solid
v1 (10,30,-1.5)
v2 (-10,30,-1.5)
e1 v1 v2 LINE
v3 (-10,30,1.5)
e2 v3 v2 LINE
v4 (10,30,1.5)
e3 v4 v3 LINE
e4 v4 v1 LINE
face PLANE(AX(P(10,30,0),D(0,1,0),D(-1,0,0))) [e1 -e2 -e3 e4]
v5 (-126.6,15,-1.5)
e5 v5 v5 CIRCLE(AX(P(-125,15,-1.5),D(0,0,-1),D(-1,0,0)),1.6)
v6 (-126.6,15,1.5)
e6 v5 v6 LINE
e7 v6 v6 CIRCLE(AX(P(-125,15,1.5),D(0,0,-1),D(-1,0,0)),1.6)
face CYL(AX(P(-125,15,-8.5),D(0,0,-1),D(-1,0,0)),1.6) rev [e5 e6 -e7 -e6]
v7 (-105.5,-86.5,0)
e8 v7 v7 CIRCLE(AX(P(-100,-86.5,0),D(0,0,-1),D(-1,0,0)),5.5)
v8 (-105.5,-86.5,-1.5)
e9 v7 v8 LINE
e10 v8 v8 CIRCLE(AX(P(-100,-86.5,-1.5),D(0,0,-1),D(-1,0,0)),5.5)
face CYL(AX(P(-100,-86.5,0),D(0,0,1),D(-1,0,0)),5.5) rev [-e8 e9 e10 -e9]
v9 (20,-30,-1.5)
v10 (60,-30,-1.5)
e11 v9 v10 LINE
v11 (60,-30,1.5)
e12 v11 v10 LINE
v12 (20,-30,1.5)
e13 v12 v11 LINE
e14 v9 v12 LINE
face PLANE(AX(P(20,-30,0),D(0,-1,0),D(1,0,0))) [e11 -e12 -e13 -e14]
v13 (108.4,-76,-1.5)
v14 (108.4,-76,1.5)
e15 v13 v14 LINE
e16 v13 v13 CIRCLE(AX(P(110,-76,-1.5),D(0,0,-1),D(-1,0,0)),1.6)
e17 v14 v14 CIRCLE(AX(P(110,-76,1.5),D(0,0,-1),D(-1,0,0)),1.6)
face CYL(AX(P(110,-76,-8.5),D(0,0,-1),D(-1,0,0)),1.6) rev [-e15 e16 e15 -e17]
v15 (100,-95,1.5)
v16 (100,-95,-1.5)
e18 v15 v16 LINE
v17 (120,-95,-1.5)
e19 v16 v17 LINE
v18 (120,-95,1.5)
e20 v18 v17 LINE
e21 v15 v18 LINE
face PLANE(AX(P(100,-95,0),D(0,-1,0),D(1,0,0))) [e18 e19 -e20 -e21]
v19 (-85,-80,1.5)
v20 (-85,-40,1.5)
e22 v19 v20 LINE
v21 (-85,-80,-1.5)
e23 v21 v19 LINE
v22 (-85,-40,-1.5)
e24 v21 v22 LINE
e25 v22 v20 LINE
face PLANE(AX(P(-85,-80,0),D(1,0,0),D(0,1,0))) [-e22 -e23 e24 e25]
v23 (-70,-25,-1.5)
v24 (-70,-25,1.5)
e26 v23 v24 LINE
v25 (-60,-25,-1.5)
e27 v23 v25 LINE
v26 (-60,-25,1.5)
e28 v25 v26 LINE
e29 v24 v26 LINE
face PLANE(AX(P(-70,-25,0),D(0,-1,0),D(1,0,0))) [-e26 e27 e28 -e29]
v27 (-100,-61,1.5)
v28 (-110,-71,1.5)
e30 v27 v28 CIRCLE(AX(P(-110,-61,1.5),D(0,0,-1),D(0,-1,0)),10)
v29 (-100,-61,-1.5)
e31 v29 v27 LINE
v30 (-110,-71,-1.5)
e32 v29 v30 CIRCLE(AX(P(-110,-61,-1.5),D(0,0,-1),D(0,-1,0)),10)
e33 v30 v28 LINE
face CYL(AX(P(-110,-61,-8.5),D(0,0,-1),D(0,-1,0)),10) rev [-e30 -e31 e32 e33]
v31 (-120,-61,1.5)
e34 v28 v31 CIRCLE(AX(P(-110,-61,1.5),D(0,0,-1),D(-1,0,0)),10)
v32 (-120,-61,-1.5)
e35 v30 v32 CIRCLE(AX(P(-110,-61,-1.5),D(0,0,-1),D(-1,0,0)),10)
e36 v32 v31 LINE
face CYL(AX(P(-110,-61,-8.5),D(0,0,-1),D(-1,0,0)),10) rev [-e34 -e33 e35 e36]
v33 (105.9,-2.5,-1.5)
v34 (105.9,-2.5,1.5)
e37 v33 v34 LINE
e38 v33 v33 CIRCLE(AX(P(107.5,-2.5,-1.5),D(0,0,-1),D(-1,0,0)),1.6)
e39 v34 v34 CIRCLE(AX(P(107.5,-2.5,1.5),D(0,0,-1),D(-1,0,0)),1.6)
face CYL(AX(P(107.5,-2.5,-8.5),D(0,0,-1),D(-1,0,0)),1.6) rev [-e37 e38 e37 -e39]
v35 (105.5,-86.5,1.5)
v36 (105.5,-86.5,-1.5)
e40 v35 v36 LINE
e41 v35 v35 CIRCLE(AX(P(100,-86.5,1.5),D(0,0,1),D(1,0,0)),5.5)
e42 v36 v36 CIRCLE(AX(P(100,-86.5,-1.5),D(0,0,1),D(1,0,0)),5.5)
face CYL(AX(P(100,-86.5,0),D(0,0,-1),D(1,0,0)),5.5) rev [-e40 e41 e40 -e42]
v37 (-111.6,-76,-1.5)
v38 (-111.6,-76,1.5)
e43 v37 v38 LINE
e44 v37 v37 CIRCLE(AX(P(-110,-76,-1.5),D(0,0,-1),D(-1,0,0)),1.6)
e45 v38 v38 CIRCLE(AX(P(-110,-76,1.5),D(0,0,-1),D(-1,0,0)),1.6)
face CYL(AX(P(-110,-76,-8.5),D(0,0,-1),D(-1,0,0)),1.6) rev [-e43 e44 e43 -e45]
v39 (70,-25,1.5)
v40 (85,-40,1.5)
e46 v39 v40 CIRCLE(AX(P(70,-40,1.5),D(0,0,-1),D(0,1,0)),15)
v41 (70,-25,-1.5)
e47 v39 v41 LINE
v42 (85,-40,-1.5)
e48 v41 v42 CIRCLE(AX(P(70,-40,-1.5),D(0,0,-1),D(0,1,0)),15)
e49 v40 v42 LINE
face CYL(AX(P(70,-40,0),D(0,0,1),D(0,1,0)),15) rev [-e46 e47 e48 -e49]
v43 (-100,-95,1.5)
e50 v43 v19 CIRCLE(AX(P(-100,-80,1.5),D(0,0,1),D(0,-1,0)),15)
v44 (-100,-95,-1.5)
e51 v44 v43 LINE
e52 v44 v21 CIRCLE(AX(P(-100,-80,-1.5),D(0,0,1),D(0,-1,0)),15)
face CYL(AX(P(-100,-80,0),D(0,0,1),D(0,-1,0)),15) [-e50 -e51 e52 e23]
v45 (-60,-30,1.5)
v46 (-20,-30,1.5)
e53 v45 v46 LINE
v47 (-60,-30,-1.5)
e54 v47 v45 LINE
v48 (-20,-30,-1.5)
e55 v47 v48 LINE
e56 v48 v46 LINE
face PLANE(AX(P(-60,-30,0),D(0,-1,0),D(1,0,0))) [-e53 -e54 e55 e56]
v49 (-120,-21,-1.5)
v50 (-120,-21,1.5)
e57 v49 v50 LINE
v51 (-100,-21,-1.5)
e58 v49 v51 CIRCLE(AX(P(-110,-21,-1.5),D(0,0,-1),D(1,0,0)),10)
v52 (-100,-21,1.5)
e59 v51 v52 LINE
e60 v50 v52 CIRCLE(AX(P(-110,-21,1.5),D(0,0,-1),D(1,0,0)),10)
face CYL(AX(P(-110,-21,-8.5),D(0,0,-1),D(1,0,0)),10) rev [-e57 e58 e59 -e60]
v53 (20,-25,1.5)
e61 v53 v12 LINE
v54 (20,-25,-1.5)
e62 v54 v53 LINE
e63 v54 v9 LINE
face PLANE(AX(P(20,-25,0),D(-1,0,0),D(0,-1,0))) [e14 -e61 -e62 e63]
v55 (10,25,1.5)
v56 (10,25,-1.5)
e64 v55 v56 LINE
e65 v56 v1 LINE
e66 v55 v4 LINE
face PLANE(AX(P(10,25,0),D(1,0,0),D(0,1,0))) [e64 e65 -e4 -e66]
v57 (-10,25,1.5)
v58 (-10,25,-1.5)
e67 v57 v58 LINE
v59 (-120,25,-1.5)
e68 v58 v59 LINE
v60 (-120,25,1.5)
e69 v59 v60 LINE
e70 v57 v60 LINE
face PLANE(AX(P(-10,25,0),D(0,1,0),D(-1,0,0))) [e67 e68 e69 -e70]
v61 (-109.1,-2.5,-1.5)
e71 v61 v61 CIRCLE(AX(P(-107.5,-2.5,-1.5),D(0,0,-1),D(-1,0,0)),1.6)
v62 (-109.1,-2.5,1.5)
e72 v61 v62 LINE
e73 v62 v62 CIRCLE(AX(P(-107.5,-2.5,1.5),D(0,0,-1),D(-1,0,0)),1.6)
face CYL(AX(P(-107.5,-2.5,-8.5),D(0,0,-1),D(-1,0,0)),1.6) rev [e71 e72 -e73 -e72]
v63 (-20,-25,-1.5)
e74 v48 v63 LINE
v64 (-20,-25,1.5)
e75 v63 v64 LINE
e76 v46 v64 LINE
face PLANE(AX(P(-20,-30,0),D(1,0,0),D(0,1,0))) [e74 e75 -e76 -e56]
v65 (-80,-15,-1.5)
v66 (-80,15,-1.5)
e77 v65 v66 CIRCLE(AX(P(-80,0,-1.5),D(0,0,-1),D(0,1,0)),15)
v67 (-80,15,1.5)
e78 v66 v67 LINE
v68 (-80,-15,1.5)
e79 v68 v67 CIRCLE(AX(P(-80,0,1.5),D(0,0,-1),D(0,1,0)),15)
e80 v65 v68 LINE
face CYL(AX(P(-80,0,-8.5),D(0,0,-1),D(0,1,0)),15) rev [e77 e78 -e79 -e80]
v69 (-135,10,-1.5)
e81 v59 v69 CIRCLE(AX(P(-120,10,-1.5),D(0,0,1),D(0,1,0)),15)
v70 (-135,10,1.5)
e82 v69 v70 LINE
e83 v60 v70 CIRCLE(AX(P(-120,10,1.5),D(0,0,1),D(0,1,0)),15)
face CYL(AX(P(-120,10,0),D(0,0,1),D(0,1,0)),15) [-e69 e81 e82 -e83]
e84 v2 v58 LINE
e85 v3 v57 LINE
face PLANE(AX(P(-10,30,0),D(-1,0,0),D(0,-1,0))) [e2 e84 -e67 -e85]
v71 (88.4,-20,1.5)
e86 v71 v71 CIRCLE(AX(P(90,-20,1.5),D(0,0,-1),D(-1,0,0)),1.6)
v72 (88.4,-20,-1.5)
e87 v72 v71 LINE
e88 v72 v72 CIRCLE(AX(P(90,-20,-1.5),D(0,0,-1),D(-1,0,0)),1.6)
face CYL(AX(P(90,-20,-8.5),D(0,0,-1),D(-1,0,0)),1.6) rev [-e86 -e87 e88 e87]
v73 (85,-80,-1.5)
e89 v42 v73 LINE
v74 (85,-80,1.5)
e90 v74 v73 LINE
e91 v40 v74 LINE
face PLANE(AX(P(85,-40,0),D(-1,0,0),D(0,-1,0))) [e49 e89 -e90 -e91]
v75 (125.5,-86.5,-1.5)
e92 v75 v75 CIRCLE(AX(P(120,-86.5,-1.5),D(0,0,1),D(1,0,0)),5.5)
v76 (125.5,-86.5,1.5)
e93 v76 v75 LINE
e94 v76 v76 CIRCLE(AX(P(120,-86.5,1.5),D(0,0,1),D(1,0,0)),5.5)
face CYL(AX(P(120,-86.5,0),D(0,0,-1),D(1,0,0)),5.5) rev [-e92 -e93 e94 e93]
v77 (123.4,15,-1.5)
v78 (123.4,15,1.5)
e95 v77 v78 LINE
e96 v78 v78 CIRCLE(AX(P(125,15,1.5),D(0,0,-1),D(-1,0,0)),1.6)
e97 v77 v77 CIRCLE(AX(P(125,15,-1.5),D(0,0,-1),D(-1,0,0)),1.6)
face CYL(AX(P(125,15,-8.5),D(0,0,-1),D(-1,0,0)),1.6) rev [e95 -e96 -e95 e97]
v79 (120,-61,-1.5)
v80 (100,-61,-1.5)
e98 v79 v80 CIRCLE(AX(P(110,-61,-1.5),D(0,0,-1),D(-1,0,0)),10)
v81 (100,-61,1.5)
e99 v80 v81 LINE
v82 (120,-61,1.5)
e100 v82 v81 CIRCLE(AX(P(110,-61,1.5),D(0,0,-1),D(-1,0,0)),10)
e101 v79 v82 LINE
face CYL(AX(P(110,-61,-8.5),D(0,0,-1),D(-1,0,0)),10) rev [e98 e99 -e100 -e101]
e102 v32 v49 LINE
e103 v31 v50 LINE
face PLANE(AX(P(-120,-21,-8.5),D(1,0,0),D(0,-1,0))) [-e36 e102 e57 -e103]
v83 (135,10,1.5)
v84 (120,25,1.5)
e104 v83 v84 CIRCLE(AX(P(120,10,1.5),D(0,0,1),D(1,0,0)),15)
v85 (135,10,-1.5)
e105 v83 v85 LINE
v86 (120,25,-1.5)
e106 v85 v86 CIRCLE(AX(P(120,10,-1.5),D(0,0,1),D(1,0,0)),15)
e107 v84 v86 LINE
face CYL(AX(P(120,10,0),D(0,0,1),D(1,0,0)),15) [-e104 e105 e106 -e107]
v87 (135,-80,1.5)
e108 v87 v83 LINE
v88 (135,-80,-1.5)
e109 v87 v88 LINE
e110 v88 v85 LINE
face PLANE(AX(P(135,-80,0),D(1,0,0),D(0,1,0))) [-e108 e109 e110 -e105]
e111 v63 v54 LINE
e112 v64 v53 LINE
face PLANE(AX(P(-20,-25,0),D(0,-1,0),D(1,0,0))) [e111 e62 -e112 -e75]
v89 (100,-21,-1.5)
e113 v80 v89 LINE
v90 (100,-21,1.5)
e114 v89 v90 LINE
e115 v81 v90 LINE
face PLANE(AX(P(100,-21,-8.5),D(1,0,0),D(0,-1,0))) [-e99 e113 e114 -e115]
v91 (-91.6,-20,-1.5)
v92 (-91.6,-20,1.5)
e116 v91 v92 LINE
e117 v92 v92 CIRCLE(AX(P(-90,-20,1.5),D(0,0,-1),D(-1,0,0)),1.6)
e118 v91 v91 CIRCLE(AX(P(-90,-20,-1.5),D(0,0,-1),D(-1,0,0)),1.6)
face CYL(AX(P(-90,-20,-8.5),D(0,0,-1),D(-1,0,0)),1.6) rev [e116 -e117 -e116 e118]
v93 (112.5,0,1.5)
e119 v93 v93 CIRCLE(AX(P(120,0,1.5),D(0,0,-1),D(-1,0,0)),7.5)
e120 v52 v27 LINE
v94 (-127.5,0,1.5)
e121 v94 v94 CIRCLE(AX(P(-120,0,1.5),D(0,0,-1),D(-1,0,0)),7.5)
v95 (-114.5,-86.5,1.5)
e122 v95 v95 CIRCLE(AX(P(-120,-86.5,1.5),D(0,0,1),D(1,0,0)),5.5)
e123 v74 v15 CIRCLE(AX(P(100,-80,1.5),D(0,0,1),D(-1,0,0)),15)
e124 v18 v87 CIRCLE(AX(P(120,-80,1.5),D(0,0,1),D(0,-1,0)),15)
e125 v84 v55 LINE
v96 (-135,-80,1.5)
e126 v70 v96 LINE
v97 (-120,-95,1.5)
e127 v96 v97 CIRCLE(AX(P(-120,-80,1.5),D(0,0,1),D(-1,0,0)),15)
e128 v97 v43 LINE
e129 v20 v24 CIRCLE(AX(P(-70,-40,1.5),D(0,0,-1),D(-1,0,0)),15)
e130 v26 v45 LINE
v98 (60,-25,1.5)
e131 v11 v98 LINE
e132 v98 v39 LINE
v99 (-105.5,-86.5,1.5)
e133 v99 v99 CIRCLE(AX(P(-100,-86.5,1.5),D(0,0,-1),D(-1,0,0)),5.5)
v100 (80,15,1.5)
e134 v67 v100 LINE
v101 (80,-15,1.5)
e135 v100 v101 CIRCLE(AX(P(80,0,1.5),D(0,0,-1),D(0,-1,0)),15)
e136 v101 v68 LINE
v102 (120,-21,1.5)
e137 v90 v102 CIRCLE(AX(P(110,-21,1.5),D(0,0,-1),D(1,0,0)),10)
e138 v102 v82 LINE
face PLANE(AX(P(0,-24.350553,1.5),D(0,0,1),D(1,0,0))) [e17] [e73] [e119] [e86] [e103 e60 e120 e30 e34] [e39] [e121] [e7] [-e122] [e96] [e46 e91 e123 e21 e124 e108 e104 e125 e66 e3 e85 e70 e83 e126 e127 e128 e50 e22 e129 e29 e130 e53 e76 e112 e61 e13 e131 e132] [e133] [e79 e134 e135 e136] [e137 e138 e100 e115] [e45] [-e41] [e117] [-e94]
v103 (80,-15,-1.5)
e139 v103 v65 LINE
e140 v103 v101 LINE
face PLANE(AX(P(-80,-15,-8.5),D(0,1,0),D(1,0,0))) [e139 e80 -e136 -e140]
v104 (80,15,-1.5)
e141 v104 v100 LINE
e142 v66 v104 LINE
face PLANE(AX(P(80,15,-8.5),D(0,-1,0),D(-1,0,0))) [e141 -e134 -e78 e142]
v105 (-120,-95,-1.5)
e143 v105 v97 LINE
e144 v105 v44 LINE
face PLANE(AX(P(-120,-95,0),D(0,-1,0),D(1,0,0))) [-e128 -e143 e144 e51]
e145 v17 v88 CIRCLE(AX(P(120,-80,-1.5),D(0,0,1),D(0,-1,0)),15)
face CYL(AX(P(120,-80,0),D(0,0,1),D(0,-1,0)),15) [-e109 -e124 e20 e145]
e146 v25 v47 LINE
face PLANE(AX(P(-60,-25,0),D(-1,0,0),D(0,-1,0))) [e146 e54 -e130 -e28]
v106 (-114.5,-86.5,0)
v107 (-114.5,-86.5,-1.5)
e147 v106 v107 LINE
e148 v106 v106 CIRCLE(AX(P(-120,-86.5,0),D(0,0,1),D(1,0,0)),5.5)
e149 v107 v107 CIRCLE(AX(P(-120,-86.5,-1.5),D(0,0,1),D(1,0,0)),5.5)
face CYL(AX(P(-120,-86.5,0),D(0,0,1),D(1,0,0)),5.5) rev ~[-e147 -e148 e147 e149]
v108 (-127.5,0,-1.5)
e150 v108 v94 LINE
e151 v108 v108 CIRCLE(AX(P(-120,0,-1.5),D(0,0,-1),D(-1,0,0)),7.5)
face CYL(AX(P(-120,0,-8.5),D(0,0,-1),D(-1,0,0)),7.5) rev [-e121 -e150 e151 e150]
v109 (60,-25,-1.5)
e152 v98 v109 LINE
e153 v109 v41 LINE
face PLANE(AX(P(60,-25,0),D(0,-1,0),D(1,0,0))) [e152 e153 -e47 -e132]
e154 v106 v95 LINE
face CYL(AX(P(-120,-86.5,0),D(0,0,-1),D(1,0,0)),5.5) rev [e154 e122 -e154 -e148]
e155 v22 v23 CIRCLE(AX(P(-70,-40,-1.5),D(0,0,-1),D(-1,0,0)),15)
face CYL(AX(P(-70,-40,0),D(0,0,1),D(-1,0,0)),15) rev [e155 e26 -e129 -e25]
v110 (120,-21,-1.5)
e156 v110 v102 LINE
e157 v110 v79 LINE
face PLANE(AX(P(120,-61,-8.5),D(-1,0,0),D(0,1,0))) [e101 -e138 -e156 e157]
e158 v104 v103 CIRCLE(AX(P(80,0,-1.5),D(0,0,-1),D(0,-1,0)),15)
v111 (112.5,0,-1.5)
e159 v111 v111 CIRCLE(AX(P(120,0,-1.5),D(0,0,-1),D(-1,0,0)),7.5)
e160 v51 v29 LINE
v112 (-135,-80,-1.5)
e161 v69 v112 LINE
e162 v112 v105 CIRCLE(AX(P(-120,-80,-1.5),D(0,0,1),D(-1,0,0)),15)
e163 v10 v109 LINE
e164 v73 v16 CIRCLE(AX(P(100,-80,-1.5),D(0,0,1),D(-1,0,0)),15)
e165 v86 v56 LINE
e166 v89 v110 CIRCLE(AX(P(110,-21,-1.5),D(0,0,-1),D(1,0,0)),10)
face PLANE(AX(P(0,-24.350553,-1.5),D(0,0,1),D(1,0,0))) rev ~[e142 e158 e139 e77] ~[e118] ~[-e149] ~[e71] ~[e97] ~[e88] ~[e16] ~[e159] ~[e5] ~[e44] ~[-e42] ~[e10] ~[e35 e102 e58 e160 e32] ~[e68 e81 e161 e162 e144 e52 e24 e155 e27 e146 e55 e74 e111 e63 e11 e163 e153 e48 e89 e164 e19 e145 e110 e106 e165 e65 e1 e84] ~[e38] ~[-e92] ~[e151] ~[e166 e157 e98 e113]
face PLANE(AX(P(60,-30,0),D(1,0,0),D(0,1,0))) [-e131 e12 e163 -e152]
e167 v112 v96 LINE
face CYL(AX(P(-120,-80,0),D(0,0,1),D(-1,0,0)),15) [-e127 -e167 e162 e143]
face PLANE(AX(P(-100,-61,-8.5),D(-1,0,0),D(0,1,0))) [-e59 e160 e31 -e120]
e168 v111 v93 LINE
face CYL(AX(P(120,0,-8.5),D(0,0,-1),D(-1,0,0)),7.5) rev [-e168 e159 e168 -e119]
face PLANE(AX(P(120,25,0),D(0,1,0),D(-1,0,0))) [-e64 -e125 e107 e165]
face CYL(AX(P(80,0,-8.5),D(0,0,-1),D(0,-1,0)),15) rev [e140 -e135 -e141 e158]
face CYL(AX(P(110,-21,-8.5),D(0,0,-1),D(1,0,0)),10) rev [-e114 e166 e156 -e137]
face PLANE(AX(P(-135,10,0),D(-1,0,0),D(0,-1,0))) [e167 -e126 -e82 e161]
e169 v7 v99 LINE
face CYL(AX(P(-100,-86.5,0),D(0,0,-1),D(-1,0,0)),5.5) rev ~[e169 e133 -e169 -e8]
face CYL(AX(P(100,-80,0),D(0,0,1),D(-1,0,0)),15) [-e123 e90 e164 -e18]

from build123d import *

# Parameters (mm, degrees)
SKETCH_1_R               = 5.5
EXTRUDE_1_DEPTH          = 1.5
CUT_EXTRUDE_1_DEPTH      = 166.102998156
CUT_EXTRUDE_1_DEPTH_BACK = 10
SKETCH_2_R               = 1.6
SKETCH_2_R_2             = 7.5


with BuildPart() as part:
    # 草图1 → 凸台-拉伸1 (new, symmetric)
    with BuildSketch(Plane.XY):
        with BuildLine():
            Line((-10, 25), (-120, 25))
            ThreePointArc((-120, 25), (-130.606601718, 20.606601718), (-135, 10))
            Line((-135, 10), (-135, -35))
            Line((-135, -35), (-135, -80))
            ThreePointArc((-135, -80), (-130.606601718, -90.606601718), (-120, -95))
            Line((-120, -95), (-110, -95))
            Line((-110, -95), (-100, -95))
            ThreePointArc((-100, -95), (-89.393398282, -90.606601718), (-85, -80))
            Line((-85, -80), (-85, -40))
            ThreePointArc((-85, -40), (-80.606601718, -29.393398282), (-70, -25))
            Line((-70, -25), (-60, -25))
            Line((-60, -25), (-60, -30))
            Line((-60, -30), (-45, -30))
            Line((-45, -30), (-20, -30))
            Line((-20, -30), (-20, -25))
            Line((-20, -25), (0, -25))
            Line((0, -25), (20, -25))
            Line((20, -25), (20, -30))
            Line((20, -30), (45, -30))
            Line((45, -30), (60, -30))
            Line((60, -30), (60, -25))
            Line((60, -25), (70, -25))
            ThreePointArc((70, -25), (80.606601718, -29.393398282), (85, -40))
            Line((85, -40), (85, -80))
            ThreePointArc((85, -80), (89.393398282, -90.606601718), (100, -95))
            Line((100, -95), (120, -95))
            ThreePointArc((120, -95), (130.606601718, -90.606601718), (135, -80))
            Line((135, -80), (135, -35))
            Line((135, -35), (135, 10))
            ThreePointArc((135, 10), (130.606601718, 20.606601718), (120, 25))
            Line((120, 25), (10, 25))
            Line((10, 25), (10, 30))
            Line((10, 30), (-10, 30))
            Line((-10, 30), (-10, 25))
        make_face()
        with Locations((-120, -86.5)):
            Circle(SKETCH_1_R, mode=Mode.SUBTRACT)
        with BuildLine():
            ThreePointArc((-94.5, -86.5), (-100, -92), (-105.5, -86.5))
            ThreePointArc((-105.5, -86.5), (-100, -81), (-94.5, -86.5))
        make_face(mode=Mode.SUBTRACT)
        with Locations((100, -86.5)):
            Circle(SKETCH_1_R, mode=Mode.SUBTRACT)
        with Locations((120, -86.5)):
            Circle(SKETCH_1_R, mode=Mode.SUBTRACT)
    extrude(amount=EXTRUDE_1_DEPTH, both=True)

    # 草图2 → 切除-拉伸1 (cut, two sides: drawn at the far end of the back side and taken through both)
    with BuildSketch(Plane.XY.offset(1.5).offset(-CUT_EXTRUDE_1_DEPTH_BACK)):
        with BuildLine():
            Line((80, 15), (-80, 15))
            ThreePointArc((-80, 15), (-95, 0), (-80, -15))
            Line((-80, -15), (80, -15))
            ThreePointArc((80, -15), (95, 0), (80, 15))
        make_face()
        with Locations(Location((-110, -76, 0), (0, 0, 180))):
            Circle(SKETCH_2_R)
        with BuildLine():
            ThreePointArc((-120, -61), (-117.071067812, -68.071067812), (-110, -71))
            ThreePointArc((-110, -71), (-102.928932188, -68.071067812), (-100, -61))
            Line((-100, -61), (-100, -21))
            ThreePointArc((-100, -21), (-110, -11), (-120, -21))
            Line((-120, -21), (-120, -61))
        make_face()
        with Locations(Location((-90, -20, 0), (0, 0, 180))):
            Circle(SKETCH_2_R)
        with BuildLine():
            ThreePointArc((120, -21), (110, -11), (100, -21))
            Line((100, -21), (100, -61))
            ThreePointArc((100, -61), (110, -71), (120, -61))
            Line((120, -61), (120, -21))
        make_face()
        with Locations(Location((-107.5, -2.5, 0), (0, 0, 180))):
            Circle(SKETCH_2_R)
        with Locations(Location((90, -20, 0), (0, 0, 180))):
            Circle(SKETCH_2_R)
        with Locations(Location((107.5, -2.5, 0), (0, 0, 180))):
            Circle(SKETCH_2_R)
        with Locations(Location((-125, 15, 0), (0, 0, 180))):
            Circle(SKETCH_2_R)
        with Locations(Location((-120, 0, 0), (0, 0, 180))):
            Circle(SKETCH_2_R_2)
        with Locations(Location((125, 15, 0), (0, 0, 180))):
            Circle(SKETCH_2_R)
        with Locations(Location((120, 0, 0), (0, 0, 180))):
            Circle(SKETCH_2_R_2)
        with Locations(Location((110, -76, 0), (0, 0, 180))):
            Circle(SKETCH_2_R)
    extrude(amount=CUT_EXTRUDE_1_DEPTH + CUT_EXTRUDE_1_DEPTH_BACK, mode=Mode.SUBTRACT)


solid = part.part
